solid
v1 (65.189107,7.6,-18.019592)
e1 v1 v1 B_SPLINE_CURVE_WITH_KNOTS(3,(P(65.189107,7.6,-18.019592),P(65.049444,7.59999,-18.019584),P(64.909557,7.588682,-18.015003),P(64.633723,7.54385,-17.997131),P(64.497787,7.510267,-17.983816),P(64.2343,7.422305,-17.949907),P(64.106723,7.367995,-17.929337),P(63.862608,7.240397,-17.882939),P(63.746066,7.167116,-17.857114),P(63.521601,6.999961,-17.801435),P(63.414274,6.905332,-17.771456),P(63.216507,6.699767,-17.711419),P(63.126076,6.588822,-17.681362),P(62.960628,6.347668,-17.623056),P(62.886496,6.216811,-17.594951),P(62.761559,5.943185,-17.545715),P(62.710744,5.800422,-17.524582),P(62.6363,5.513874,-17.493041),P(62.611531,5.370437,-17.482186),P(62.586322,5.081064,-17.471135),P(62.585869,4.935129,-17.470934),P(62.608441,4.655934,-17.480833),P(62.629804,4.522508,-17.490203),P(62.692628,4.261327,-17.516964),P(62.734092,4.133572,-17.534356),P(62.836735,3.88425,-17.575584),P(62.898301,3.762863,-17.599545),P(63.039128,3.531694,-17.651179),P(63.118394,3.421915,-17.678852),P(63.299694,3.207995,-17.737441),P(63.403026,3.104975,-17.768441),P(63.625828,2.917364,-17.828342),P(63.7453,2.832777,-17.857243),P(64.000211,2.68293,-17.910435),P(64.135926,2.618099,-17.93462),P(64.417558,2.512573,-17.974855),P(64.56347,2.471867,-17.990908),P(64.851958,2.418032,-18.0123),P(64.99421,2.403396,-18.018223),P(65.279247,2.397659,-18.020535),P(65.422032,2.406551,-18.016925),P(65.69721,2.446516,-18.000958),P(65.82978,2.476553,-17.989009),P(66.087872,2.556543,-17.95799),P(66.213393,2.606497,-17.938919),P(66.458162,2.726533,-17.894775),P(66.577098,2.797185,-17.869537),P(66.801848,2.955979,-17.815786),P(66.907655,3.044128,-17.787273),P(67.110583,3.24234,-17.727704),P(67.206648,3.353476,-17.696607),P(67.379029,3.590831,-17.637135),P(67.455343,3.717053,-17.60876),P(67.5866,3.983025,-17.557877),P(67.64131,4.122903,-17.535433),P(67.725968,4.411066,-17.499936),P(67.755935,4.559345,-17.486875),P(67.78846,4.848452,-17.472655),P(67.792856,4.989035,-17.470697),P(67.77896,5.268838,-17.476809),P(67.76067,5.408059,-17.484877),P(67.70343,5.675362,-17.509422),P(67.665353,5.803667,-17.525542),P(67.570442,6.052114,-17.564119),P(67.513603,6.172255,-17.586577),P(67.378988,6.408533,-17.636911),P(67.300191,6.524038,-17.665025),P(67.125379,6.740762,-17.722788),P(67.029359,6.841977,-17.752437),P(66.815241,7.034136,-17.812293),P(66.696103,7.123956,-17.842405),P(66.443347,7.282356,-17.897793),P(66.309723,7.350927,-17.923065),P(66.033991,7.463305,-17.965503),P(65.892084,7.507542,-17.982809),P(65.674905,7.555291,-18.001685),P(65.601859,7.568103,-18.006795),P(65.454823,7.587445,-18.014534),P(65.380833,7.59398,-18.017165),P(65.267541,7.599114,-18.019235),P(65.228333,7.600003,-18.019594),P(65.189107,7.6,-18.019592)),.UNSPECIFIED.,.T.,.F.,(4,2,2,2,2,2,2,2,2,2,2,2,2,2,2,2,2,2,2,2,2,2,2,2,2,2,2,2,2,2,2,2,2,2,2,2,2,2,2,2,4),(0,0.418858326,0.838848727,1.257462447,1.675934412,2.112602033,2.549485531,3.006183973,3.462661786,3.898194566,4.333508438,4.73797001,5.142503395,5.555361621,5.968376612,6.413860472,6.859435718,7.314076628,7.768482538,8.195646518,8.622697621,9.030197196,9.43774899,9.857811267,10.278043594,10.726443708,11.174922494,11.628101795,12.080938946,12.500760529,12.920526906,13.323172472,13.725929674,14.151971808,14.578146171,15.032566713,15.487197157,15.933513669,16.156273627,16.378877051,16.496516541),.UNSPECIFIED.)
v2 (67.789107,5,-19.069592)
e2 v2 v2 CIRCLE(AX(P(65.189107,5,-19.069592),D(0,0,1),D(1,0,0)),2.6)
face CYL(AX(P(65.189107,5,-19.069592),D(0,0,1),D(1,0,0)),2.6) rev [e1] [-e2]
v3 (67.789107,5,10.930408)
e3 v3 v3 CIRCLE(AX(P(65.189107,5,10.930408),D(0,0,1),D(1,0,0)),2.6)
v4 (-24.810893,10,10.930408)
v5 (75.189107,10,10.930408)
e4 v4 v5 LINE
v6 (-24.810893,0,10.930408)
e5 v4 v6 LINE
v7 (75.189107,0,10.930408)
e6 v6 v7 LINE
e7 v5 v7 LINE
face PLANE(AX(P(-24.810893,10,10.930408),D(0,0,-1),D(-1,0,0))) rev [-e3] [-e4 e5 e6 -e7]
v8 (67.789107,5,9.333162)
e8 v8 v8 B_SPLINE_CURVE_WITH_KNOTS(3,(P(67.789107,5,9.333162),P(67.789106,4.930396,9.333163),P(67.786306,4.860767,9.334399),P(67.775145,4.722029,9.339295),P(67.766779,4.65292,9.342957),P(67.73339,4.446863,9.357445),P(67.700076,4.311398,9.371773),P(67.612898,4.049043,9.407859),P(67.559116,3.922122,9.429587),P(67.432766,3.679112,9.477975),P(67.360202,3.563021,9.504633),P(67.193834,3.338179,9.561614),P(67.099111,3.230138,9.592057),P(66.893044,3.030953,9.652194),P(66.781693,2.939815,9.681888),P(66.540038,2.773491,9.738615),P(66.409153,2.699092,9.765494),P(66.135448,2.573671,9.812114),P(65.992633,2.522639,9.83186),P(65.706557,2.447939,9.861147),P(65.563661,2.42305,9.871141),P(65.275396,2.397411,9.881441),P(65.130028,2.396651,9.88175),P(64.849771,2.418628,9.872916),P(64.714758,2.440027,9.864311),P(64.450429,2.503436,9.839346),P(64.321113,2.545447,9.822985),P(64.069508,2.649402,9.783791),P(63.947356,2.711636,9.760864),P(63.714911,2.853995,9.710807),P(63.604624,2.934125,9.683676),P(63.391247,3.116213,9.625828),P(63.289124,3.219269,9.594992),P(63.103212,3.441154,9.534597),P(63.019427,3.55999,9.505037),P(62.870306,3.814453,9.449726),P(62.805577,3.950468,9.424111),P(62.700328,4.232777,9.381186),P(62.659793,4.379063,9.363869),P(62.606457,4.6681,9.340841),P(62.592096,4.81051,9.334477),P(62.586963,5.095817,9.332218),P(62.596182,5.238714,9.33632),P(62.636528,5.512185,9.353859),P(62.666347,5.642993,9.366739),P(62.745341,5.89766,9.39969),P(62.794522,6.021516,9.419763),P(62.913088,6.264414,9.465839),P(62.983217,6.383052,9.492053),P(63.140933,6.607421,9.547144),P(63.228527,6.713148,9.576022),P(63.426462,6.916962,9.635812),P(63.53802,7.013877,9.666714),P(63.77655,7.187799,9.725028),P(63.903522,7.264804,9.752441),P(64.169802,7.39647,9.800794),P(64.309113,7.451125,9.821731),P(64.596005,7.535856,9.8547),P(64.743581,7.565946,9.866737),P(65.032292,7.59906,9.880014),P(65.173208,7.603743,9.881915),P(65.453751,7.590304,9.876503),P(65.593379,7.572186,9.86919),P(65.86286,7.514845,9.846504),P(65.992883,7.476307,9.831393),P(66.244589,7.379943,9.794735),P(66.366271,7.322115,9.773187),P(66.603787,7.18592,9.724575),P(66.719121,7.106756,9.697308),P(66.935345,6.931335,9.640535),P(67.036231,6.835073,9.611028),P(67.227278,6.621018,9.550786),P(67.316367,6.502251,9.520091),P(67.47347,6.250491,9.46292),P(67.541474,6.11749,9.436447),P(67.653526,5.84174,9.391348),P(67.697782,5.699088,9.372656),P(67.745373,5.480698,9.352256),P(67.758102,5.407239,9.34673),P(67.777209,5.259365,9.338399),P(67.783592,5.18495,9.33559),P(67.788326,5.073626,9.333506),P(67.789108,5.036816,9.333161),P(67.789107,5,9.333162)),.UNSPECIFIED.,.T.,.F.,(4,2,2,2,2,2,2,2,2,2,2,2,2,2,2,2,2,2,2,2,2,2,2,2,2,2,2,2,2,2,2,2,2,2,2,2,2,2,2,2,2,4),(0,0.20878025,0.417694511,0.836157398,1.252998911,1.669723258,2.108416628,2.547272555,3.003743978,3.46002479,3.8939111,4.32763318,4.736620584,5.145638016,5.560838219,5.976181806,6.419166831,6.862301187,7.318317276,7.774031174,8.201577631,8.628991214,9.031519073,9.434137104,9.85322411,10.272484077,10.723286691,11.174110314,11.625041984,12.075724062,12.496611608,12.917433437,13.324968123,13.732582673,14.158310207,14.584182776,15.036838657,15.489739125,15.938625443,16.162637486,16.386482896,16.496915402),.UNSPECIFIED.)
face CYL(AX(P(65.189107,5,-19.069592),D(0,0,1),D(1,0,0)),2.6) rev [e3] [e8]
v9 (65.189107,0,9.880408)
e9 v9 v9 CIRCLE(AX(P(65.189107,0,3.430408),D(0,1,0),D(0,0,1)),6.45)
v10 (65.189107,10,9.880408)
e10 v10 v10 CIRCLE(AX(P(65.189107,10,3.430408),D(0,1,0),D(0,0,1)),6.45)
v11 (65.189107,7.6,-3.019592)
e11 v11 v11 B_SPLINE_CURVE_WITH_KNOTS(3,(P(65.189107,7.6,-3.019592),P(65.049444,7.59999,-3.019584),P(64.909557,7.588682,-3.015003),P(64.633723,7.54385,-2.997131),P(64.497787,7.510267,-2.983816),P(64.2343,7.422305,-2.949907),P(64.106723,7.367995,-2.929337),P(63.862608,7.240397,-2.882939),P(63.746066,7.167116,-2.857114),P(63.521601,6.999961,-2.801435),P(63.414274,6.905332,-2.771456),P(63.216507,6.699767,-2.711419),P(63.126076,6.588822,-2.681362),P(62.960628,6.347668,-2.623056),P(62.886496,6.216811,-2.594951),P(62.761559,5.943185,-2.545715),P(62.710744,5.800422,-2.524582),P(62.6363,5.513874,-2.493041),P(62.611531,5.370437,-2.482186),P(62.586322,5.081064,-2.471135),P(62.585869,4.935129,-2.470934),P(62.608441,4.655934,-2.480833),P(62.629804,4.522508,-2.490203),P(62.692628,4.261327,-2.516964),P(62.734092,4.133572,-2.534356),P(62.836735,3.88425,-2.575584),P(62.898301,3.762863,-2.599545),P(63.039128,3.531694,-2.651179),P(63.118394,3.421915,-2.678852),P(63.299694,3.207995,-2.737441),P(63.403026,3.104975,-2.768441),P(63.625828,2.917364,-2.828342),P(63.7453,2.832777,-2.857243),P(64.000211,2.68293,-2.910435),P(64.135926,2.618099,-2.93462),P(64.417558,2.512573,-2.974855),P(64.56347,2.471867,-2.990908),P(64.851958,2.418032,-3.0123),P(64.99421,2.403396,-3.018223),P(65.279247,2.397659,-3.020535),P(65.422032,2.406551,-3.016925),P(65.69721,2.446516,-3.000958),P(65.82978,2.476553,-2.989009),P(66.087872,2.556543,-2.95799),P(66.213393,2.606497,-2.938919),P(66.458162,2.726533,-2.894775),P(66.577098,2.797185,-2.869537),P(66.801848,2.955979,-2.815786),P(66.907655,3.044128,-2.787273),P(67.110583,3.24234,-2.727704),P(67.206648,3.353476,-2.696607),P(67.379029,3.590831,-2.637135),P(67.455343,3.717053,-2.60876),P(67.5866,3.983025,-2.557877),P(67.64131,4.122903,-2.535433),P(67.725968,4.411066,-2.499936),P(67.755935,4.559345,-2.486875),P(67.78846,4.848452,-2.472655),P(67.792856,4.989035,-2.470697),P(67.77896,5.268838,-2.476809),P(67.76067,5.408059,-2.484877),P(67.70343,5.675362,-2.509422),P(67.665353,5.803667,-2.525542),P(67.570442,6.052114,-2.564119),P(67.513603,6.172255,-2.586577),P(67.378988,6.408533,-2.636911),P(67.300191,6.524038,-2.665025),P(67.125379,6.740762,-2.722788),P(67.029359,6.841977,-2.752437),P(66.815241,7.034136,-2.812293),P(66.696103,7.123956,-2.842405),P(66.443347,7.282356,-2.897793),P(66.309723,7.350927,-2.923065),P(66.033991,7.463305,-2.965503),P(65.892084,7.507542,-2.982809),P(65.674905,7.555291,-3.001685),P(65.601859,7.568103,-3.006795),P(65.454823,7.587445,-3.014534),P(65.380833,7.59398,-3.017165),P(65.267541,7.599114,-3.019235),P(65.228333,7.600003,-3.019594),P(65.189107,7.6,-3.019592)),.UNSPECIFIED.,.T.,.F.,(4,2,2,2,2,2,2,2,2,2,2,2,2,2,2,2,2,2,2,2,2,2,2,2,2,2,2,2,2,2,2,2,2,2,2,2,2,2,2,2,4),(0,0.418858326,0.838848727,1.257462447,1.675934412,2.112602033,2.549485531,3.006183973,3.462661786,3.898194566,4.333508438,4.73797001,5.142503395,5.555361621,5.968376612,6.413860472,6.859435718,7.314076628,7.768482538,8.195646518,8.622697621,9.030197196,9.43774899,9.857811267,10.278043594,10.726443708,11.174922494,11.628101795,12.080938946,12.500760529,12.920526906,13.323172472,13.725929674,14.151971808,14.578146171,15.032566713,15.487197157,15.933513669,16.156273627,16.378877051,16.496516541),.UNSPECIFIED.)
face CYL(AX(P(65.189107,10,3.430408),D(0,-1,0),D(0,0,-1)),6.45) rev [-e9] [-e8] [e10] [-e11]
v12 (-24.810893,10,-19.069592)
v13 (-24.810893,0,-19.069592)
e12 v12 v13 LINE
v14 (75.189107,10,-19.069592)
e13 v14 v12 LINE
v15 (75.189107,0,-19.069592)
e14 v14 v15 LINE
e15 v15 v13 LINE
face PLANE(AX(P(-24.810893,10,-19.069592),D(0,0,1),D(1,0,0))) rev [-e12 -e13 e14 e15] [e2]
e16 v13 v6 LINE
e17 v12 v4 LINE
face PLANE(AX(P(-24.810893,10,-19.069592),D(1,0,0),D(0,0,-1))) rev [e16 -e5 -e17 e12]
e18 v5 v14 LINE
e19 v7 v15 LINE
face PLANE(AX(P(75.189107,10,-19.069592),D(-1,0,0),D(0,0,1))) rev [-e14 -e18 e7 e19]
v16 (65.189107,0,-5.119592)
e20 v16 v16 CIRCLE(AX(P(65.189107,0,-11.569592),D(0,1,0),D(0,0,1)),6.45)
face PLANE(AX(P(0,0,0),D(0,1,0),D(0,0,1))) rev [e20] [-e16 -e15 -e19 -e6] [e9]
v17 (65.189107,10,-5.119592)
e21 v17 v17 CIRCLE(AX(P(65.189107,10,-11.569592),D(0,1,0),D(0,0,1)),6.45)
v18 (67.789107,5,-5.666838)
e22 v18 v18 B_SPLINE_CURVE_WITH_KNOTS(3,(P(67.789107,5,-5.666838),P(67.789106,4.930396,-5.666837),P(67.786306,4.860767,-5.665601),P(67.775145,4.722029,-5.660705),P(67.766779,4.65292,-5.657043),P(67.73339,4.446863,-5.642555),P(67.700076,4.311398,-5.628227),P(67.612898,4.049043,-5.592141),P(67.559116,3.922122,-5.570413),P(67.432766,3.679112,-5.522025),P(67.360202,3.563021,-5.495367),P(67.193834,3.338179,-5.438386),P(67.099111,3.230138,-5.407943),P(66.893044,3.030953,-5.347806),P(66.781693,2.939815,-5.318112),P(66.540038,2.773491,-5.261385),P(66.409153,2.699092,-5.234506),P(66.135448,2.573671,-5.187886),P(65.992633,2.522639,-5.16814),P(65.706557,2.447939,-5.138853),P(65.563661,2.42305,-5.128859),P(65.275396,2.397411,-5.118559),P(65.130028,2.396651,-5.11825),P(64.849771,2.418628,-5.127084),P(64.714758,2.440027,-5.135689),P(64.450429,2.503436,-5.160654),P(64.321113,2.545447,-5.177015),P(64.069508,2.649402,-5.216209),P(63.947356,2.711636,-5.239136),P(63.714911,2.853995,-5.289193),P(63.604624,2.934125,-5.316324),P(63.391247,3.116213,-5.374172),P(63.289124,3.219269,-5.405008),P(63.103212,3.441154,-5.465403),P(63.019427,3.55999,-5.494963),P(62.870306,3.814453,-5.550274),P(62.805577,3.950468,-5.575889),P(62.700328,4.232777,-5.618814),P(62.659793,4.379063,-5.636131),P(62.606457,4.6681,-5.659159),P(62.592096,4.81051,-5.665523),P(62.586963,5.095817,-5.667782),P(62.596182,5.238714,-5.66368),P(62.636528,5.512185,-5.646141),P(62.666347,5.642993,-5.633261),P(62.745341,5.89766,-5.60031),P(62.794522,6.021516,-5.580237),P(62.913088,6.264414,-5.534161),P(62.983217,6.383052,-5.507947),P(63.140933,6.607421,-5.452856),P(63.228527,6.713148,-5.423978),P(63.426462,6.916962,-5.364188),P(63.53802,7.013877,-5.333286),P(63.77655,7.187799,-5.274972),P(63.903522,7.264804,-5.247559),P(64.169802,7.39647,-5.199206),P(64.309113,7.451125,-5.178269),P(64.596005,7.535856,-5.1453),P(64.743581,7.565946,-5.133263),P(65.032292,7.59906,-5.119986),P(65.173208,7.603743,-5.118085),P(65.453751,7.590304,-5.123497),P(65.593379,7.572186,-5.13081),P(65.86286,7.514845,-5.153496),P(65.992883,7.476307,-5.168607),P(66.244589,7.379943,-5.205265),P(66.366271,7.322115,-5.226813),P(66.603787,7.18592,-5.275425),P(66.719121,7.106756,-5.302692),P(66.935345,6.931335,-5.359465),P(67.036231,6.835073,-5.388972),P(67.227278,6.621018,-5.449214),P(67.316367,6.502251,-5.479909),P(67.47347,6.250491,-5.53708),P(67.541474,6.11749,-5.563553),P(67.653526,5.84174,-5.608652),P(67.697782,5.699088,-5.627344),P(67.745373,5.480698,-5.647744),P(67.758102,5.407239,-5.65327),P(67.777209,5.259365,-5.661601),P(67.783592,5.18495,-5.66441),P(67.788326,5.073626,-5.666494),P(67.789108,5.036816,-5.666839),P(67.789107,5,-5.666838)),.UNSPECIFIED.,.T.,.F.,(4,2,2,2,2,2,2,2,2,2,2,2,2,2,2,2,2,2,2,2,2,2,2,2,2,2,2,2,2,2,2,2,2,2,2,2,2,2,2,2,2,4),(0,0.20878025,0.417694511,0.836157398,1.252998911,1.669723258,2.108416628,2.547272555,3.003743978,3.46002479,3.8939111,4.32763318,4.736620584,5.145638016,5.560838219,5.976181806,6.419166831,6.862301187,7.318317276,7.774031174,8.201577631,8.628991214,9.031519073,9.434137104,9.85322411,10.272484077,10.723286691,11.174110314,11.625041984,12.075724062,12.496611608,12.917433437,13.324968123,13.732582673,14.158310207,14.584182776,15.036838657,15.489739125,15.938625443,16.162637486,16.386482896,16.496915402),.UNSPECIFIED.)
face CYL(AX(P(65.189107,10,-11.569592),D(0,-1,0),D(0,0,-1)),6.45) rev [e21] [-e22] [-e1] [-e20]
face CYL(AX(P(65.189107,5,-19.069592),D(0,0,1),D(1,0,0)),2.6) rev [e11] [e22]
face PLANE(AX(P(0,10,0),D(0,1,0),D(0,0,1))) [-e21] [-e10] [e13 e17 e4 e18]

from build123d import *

# Parameters (mm, degrees)
SKETCH1_W           = 100
SKETCH1_H           = 30
SKETCH1_R           = 6.45
BOSS_EXTRUDE1_DEPTH = 10
SKETCH2_R           = 2.6
CUT_EXTRUDE1_DEPTH  = 82.56838771


with BuildPart() as part:
    # Sketch1 → Boss-Extrude1 (new body)
    with BuildSketch(Plane(origin=(0, 0, 0), x_dir=(1, 0, 0), z_dir=(0, 1, 0))):
        with Locations((25.189107413, 4.069591528)):
            Rectangle(SKETCH1_W, SKETCH1_H)
        with Locations(Location((65.189107413, 11.569591528, 0), (0, 0, 270))):
            Circle(SKETCH1_R, mode=Mode.SUBTRACT)
        with Locations(Location((65.189107413, -3.430408472, 0), (0, 0, 270))):
            Circle(SKETCH1_R, mode=Mode.SUBTRACT)
    extrude(amount=BOSS_EXTRUDE1_DEPTH)

    # Sketch2 → Cut-Extrude1 (cut, through all)
    with BuildSketch(Plane.XY.offset(10.930408472)):
        with Locations((65.189107413, 5)):
            Circle(SKETCH2_R)
    extrude(amount=-CUT_EXTRUDE1_DEPTH, mode=Mode.SUBTRACT)


solid = part.part
